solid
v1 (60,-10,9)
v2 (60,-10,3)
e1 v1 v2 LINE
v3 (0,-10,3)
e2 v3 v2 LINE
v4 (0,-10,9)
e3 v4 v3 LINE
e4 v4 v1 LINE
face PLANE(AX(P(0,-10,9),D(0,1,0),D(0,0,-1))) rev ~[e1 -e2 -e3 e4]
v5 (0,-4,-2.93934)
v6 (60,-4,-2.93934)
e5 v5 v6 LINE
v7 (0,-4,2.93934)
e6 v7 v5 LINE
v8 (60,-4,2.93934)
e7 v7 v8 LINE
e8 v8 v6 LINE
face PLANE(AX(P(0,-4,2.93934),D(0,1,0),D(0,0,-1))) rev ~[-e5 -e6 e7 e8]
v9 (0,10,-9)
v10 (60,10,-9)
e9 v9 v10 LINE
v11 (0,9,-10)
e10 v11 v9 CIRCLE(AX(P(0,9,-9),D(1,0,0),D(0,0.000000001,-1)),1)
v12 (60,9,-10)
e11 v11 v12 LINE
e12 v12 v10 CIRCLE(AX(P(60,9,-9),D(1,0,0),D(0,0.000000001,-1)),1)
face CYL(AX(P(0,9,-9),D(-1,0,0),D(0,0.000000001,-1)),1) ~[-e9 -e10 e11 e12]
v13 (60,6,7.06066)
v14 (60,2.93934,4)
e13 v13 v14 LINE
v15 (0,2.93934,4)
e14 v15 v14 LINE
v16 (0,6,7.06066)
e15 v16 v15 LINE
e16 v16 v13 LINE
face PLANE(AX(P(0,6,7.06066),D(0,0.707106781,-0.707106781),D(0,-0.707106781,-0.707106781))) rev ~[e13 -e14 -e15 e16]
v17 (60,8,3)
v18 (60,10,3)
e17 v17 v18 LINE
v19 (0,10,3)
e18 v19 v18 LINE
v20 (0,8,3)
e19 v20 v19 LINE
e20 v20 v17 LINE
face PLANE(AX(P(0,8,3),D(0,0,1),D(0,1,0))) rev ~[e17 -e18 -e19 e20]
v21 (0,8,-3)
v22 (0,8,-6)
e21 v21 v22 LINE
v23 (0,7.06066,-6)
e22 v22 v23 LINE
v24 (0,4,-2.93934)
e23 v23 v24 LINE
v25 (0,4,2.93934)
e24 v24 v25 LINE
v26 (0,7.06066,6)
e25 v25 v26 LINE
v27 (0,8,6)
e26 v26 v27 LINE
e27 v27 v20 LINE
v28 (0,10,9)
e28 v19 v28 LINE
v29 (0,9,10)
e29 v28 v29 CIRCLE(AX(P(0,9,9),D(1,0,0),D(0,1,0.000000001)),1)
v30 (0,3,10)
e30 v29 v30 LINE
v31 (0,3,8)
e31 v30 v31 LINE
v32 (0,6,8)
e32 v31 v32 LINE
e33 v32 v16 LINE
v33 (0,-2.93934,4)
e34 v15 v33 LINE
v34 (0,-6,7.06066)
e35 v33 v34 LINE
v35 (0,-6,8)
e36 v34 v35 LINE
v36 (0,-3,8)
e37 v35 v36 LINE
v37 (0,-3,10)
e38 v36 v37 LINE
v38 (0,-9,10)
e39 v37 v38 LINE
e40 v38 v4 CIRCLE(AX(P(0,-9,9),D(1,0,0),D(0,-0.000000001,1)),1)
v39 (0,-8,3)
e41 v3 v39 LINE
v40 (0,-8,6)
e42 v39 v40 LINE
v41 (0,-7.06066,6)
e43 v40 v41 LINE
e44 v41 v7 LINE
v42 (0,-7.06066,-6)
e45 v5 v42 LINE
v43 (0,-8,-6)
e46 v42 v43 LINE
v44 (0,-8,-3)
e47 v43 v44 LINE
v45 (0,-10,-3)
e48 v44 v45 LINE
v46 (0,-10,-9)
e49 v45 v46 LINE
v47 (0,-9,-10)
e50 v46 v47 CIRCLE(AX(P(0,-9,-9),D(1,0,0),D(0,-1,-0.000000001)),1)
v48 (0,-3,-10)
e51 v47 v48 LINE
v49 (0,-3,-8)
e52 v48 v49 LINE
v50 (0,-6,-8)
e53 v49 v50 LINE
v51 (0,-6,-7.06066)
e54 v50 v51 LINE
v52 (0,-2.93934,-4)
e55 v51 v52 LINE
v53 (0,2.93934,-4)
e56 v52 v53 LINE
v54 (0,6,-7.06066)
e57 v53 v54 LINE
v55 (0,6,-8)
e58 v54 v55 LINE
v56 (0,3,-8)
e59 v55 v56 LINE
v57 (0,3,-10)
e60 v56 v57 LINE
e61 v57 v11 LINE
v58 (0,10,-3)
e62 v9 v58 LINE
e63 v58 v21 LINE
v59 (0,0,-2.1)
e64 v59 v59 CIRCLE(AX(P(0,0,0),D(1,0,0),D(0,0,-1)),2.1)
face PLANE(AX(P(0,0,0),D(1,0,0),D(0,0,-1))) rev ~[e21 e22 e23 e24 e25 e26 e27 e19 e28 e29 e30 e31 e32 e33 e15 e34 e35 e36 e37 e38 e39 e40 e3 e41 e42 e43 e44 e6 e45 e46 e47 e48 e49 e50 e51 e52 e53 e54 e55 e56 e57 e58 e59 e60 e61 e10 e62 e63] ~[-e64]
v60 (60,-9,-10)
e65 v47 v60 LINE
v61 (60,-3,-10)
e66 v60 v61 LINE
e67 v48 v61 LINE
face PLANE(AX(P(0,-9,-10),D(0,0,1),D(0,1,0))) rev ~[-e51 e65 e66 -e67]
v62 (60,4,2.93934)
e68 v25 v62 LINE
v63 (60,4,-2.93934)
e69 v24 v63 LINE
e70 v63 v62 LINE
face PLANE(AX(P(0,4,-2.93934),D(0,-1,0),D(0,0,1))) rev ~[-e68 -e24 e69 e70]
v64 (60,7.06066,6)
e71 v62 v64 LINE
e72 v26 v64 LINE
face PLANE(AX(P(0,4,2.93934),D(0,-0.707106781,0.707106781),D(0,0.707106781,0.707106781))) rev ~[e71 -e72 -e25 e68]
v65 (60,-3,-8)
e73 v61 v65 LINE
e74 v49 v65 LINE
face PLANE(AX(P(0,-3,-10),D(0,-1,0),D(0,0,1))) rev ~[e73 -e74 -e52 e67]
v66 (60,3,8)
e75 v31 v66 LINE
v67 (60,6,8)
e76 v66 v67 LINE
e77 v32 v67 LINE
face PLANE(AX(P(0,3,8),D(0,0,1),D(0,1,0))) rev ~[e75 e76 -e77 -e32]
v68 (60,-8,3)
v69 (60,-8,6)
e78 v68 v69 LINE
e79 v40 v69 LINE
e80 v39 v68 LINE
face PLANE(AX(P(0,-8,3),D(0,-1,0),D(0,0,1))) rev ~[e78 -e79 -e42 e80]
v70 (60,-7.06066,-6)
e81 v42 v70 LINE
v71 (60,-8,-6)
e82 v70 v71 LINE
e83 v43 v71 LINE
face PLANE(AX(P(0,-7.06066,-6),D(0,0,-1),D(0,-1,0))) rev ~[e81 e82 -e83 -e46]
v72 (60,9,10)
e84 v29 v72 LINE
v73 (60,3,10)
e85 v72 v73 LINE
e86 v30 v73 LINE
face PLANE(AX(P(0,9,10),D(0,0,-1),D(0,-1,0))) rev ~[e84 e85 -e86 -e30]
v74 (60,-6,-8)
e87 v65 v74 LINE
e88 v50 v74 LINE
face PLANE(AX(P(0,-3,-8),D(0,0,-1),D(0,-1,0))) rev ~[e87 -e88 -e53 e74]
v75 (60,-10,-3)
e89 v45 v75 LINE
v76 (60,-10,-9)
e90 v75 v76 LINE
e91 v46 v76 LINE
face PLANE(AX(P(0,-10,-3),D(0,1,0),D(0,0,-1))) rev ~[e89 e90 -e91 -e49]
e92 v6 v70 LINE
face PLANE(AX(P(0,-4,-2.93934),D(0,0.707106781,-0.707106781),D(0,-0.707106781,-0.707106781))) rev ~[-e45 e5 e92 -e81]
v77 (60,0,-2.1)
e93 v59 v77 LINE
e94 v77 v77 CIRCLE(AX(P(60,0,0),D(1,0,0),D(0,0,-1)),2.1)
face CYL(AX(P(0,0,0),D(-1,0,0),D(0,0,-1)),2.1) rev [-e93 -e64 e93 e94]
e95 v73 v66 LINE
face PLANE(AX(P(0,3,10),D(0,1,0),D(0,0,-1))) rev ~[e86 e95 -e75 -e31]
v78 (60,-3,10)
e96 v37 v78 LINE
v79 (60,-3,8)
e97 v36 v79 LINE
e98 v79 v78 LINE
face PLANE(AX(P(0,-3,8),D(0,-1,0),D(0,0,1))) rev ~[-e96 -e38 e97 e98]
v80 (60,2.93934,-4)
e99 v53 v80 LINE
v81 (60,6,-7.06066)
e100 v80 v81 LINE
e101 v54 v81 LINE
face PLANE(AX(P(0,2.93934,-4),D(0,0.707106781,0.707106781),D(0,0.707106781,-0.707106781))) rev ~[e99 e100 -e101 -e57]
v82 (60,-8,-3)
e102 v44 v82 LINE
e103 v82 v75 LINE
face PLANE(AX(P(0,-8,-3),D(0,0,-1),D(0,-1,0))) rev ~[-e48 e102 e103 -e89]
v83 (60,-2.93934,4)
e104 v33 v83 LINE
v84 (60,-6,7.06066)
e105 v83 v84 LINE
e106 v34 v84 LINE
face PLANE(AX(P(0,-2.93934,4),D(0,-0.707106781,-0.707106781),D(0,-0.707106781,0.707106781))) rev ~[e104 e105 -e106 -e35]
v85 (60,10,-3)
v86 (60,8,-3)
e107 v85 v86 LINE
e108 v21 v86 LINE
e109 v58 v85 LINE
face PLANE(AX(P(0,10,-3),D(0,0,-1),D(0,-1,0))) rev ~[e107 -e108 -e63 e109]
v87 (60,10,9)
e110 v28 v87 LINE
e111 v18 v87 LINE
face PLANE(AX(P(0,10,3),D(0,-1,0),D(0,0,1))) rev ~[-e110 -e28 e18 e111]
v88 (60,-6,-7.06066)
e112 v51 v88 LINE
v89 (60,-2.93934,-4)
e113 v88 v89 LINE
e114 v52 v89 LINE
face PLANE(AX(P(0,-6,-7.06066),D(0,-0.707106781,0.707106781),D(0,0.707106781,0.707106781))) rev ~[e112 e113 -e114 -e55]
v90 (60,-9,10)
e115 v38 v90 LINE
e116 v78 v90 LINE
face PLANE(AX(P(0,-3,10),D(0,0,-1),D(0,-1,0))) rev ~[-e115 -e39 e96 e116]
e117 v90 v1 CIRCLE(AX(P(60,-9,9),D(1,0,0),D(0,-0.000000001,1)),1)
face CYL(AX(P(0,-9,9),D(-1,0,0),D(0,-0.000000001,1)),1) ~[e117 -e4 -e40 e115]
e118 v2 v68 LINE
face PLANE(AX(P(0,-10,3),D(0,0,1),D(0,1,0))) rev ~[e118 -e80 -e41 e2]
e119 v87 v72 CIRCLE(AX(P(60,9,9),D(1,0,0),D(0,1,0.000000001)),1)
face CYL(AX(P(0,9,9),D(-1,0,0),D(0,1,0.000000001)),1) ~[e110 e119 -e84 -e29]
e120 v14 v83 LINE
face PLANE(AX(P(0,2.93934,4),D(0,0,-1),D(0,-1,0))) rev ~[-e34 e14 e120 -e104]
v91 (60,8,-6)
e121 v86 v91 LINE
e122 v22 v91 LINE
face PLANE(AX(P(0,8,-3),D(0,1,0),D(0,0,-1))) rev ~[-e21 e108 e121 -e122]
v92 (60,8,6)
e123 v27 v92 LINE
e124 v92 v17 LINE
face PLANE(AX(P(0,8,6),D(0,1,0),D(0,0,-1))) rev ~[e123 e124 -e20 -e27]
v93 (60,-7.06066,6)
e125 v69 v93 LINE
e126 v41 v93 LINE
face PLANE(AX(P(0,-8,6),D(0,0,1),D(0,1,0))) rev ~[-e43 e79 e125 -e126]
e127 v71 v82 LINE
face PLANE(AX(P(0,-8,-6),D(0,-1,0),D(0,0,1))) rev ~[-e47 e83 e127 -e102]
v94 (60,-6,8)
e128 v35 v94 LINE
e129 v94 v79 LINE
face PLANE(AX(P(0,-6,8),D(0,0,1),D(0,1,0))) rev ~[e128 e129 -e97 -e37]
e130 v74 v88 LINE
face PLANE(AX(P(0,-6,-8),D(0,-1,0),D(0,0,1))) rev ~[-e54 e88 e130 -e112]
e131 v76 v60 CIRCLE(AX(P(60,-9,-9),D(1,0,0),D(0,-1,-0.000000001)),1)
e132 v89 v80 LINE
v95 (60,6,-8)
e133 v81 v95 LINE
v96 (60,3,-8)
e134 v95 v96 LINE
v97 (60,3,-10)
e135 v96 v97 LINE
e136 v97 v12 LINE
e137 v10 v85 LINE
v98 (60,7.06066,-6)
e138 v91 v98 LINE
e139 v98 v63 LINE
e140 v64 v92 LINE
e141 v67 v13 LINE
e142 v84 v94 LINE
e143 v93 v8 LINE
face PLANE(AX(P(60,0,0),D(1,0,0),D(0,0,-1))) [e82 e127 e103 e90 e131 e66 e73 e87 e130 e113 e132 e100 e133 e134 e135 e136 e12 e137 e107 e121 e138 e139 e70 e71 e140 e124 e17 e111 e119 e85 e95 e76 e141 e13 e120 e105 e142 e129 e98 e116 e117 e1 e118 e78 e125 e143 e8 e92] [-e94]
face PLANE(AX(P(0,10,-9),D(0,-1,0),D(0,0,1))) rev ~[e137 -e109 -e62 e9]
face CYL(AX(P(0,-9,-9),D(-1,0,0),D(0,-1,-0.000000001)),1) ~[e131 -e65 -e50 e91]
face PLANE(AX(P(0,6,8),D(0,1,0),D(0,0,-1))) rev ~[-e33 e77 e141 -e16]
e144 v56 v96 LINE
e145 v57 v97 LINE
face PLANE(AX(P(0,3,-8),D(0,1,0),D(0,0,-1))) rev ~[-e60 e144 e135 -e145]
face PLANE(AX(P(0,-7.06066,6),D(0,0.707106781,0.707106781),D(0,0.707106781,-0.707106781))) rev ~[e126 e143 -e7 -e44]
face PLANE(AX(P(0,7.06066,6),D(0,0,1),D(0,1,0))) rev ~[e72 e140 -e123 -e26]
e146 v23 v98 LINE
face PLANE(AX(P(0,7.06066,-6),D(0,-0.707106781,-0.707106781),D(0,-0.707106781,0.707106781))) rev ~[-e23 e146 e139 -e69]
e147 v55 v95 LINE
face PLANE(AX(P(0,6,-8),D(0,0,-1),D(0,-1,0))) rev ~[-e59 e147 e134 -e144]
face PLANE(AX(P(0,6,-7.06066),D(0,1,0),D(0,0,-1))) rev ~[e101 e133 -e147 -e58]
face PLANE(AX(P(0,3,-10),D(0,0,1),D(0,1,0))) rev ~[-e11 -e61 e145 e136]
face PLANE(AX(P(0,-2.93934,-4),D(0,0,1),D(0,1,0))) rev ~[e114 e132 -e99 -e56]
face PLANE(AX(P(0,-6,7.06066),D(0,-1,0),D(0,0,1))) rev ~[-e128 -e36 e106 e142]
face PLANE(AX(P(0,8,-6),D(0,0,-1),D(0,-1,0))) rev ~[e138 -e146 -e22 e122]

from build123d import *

# Parameters (mm, degrees)
SKETCH1_R           = 2.1
BOSS_EXTRUDE1_DEPTH = 60


with BuildPart() as part:
    # Sketch1 → Boss-Extrude1 (new body)
    with BuildSketch(Plane(origin=(0, 0, 0), x_dir=(0, 0, -1), z_dir=(1, 0, 0))):
        with BuildLine():
            Line((-10, 9), (-10, 3))
            Line((-10, 3), (-8, 3))
            Line((-8, 3), (-8, 6))
            Line((-8, 6), (-7.060660172, 6))
            Line((-7.060660172, 6), (-4, 2.939339828))
            Line((-4, 2.939339828), (-4, -2.939339828))
            Line((-4, -2.939339828), (-7.060660172, -6))
            Line((-7.060660172, -6), (-8, -6))
            Line((-8, -6), (-8, -3))
            Line((-8, -3), (-10, -3))
            Line((-10, -3), (-10, -9))
            ThreePointArc((-10, -9), (-9.707106781, -9.707106781), (-9, -10))
            Line((-9, -10), (-3, -10))
            Line((-3, -10), (-3, -8))
            Line((-3, -8), (-6, -8))
            Line((-6, -8), (-6, -7.060660172))
            Line((-6, -7.060660172), (-2.939339828, -4))
            Line((-2.939339828, -4), (2.939339828, -4))
            Line((2.939339828, -4), (6, -7.060660172))
            Line((6, -7.060660172), (6, -8))
            Line((6, -8), (3, -8))
            Line((3, -8), (3, -10))
            Line((3, -10), (9, -10))
            ThreePointArc((9, -10), (9.707106781, -9.707106781), (10, -9))
            Line((10, -9), (10, -3))
            Line((10, -3), (8, -3))
            Line((8, -3), (8, -6))
            Line((8, -6), (7.060660172, -6))
            Line((7.060660172, -6), (4, -2.939339828))
            Line((4, -2.939339828), (4, 2.939339828))
            Line((4, 2.939339828), (7.060660172, 6))
            Line((7.060660172, 6), (8, 6))
            Line((8, 6), (8, 3))
            Line((8, 3), (10, 3))
            Line((10, 3), (10, 9))
            ThreePointArc((10, 9), (9.707106781, 9.707106781), (9, 10))
            Line((9, 10), (3, 10))
            Line((3, 10), (3, 8))
            Line((3, 8), (6, 8))
            Line((6, 8), (6, 7.060660172))
            Line((6, 7.060660172), (2.939339828, 4))
            Line((2.939339828, 4), (-2.939339828, 4))
            Line((-2.939339828, 4), (-6, 7.060660172))
            Line((-6, 7.060660172), (-6, 8))
            Line((-6, 8), (-3, 8))
            Line((-3, 8), (-3, 10))
            Line((-3, 10), (-9, 10))
            ThreePointArc((-9, 10), (-9.707106781, 9.707106781), (-10, 9))
        make_face()
        Circle(SKETCH1_R, mode=Mode.SUBTRACT)
    extrude(amount=BOSS_EXTRUDE1_DEPTH)


solid = part.part
